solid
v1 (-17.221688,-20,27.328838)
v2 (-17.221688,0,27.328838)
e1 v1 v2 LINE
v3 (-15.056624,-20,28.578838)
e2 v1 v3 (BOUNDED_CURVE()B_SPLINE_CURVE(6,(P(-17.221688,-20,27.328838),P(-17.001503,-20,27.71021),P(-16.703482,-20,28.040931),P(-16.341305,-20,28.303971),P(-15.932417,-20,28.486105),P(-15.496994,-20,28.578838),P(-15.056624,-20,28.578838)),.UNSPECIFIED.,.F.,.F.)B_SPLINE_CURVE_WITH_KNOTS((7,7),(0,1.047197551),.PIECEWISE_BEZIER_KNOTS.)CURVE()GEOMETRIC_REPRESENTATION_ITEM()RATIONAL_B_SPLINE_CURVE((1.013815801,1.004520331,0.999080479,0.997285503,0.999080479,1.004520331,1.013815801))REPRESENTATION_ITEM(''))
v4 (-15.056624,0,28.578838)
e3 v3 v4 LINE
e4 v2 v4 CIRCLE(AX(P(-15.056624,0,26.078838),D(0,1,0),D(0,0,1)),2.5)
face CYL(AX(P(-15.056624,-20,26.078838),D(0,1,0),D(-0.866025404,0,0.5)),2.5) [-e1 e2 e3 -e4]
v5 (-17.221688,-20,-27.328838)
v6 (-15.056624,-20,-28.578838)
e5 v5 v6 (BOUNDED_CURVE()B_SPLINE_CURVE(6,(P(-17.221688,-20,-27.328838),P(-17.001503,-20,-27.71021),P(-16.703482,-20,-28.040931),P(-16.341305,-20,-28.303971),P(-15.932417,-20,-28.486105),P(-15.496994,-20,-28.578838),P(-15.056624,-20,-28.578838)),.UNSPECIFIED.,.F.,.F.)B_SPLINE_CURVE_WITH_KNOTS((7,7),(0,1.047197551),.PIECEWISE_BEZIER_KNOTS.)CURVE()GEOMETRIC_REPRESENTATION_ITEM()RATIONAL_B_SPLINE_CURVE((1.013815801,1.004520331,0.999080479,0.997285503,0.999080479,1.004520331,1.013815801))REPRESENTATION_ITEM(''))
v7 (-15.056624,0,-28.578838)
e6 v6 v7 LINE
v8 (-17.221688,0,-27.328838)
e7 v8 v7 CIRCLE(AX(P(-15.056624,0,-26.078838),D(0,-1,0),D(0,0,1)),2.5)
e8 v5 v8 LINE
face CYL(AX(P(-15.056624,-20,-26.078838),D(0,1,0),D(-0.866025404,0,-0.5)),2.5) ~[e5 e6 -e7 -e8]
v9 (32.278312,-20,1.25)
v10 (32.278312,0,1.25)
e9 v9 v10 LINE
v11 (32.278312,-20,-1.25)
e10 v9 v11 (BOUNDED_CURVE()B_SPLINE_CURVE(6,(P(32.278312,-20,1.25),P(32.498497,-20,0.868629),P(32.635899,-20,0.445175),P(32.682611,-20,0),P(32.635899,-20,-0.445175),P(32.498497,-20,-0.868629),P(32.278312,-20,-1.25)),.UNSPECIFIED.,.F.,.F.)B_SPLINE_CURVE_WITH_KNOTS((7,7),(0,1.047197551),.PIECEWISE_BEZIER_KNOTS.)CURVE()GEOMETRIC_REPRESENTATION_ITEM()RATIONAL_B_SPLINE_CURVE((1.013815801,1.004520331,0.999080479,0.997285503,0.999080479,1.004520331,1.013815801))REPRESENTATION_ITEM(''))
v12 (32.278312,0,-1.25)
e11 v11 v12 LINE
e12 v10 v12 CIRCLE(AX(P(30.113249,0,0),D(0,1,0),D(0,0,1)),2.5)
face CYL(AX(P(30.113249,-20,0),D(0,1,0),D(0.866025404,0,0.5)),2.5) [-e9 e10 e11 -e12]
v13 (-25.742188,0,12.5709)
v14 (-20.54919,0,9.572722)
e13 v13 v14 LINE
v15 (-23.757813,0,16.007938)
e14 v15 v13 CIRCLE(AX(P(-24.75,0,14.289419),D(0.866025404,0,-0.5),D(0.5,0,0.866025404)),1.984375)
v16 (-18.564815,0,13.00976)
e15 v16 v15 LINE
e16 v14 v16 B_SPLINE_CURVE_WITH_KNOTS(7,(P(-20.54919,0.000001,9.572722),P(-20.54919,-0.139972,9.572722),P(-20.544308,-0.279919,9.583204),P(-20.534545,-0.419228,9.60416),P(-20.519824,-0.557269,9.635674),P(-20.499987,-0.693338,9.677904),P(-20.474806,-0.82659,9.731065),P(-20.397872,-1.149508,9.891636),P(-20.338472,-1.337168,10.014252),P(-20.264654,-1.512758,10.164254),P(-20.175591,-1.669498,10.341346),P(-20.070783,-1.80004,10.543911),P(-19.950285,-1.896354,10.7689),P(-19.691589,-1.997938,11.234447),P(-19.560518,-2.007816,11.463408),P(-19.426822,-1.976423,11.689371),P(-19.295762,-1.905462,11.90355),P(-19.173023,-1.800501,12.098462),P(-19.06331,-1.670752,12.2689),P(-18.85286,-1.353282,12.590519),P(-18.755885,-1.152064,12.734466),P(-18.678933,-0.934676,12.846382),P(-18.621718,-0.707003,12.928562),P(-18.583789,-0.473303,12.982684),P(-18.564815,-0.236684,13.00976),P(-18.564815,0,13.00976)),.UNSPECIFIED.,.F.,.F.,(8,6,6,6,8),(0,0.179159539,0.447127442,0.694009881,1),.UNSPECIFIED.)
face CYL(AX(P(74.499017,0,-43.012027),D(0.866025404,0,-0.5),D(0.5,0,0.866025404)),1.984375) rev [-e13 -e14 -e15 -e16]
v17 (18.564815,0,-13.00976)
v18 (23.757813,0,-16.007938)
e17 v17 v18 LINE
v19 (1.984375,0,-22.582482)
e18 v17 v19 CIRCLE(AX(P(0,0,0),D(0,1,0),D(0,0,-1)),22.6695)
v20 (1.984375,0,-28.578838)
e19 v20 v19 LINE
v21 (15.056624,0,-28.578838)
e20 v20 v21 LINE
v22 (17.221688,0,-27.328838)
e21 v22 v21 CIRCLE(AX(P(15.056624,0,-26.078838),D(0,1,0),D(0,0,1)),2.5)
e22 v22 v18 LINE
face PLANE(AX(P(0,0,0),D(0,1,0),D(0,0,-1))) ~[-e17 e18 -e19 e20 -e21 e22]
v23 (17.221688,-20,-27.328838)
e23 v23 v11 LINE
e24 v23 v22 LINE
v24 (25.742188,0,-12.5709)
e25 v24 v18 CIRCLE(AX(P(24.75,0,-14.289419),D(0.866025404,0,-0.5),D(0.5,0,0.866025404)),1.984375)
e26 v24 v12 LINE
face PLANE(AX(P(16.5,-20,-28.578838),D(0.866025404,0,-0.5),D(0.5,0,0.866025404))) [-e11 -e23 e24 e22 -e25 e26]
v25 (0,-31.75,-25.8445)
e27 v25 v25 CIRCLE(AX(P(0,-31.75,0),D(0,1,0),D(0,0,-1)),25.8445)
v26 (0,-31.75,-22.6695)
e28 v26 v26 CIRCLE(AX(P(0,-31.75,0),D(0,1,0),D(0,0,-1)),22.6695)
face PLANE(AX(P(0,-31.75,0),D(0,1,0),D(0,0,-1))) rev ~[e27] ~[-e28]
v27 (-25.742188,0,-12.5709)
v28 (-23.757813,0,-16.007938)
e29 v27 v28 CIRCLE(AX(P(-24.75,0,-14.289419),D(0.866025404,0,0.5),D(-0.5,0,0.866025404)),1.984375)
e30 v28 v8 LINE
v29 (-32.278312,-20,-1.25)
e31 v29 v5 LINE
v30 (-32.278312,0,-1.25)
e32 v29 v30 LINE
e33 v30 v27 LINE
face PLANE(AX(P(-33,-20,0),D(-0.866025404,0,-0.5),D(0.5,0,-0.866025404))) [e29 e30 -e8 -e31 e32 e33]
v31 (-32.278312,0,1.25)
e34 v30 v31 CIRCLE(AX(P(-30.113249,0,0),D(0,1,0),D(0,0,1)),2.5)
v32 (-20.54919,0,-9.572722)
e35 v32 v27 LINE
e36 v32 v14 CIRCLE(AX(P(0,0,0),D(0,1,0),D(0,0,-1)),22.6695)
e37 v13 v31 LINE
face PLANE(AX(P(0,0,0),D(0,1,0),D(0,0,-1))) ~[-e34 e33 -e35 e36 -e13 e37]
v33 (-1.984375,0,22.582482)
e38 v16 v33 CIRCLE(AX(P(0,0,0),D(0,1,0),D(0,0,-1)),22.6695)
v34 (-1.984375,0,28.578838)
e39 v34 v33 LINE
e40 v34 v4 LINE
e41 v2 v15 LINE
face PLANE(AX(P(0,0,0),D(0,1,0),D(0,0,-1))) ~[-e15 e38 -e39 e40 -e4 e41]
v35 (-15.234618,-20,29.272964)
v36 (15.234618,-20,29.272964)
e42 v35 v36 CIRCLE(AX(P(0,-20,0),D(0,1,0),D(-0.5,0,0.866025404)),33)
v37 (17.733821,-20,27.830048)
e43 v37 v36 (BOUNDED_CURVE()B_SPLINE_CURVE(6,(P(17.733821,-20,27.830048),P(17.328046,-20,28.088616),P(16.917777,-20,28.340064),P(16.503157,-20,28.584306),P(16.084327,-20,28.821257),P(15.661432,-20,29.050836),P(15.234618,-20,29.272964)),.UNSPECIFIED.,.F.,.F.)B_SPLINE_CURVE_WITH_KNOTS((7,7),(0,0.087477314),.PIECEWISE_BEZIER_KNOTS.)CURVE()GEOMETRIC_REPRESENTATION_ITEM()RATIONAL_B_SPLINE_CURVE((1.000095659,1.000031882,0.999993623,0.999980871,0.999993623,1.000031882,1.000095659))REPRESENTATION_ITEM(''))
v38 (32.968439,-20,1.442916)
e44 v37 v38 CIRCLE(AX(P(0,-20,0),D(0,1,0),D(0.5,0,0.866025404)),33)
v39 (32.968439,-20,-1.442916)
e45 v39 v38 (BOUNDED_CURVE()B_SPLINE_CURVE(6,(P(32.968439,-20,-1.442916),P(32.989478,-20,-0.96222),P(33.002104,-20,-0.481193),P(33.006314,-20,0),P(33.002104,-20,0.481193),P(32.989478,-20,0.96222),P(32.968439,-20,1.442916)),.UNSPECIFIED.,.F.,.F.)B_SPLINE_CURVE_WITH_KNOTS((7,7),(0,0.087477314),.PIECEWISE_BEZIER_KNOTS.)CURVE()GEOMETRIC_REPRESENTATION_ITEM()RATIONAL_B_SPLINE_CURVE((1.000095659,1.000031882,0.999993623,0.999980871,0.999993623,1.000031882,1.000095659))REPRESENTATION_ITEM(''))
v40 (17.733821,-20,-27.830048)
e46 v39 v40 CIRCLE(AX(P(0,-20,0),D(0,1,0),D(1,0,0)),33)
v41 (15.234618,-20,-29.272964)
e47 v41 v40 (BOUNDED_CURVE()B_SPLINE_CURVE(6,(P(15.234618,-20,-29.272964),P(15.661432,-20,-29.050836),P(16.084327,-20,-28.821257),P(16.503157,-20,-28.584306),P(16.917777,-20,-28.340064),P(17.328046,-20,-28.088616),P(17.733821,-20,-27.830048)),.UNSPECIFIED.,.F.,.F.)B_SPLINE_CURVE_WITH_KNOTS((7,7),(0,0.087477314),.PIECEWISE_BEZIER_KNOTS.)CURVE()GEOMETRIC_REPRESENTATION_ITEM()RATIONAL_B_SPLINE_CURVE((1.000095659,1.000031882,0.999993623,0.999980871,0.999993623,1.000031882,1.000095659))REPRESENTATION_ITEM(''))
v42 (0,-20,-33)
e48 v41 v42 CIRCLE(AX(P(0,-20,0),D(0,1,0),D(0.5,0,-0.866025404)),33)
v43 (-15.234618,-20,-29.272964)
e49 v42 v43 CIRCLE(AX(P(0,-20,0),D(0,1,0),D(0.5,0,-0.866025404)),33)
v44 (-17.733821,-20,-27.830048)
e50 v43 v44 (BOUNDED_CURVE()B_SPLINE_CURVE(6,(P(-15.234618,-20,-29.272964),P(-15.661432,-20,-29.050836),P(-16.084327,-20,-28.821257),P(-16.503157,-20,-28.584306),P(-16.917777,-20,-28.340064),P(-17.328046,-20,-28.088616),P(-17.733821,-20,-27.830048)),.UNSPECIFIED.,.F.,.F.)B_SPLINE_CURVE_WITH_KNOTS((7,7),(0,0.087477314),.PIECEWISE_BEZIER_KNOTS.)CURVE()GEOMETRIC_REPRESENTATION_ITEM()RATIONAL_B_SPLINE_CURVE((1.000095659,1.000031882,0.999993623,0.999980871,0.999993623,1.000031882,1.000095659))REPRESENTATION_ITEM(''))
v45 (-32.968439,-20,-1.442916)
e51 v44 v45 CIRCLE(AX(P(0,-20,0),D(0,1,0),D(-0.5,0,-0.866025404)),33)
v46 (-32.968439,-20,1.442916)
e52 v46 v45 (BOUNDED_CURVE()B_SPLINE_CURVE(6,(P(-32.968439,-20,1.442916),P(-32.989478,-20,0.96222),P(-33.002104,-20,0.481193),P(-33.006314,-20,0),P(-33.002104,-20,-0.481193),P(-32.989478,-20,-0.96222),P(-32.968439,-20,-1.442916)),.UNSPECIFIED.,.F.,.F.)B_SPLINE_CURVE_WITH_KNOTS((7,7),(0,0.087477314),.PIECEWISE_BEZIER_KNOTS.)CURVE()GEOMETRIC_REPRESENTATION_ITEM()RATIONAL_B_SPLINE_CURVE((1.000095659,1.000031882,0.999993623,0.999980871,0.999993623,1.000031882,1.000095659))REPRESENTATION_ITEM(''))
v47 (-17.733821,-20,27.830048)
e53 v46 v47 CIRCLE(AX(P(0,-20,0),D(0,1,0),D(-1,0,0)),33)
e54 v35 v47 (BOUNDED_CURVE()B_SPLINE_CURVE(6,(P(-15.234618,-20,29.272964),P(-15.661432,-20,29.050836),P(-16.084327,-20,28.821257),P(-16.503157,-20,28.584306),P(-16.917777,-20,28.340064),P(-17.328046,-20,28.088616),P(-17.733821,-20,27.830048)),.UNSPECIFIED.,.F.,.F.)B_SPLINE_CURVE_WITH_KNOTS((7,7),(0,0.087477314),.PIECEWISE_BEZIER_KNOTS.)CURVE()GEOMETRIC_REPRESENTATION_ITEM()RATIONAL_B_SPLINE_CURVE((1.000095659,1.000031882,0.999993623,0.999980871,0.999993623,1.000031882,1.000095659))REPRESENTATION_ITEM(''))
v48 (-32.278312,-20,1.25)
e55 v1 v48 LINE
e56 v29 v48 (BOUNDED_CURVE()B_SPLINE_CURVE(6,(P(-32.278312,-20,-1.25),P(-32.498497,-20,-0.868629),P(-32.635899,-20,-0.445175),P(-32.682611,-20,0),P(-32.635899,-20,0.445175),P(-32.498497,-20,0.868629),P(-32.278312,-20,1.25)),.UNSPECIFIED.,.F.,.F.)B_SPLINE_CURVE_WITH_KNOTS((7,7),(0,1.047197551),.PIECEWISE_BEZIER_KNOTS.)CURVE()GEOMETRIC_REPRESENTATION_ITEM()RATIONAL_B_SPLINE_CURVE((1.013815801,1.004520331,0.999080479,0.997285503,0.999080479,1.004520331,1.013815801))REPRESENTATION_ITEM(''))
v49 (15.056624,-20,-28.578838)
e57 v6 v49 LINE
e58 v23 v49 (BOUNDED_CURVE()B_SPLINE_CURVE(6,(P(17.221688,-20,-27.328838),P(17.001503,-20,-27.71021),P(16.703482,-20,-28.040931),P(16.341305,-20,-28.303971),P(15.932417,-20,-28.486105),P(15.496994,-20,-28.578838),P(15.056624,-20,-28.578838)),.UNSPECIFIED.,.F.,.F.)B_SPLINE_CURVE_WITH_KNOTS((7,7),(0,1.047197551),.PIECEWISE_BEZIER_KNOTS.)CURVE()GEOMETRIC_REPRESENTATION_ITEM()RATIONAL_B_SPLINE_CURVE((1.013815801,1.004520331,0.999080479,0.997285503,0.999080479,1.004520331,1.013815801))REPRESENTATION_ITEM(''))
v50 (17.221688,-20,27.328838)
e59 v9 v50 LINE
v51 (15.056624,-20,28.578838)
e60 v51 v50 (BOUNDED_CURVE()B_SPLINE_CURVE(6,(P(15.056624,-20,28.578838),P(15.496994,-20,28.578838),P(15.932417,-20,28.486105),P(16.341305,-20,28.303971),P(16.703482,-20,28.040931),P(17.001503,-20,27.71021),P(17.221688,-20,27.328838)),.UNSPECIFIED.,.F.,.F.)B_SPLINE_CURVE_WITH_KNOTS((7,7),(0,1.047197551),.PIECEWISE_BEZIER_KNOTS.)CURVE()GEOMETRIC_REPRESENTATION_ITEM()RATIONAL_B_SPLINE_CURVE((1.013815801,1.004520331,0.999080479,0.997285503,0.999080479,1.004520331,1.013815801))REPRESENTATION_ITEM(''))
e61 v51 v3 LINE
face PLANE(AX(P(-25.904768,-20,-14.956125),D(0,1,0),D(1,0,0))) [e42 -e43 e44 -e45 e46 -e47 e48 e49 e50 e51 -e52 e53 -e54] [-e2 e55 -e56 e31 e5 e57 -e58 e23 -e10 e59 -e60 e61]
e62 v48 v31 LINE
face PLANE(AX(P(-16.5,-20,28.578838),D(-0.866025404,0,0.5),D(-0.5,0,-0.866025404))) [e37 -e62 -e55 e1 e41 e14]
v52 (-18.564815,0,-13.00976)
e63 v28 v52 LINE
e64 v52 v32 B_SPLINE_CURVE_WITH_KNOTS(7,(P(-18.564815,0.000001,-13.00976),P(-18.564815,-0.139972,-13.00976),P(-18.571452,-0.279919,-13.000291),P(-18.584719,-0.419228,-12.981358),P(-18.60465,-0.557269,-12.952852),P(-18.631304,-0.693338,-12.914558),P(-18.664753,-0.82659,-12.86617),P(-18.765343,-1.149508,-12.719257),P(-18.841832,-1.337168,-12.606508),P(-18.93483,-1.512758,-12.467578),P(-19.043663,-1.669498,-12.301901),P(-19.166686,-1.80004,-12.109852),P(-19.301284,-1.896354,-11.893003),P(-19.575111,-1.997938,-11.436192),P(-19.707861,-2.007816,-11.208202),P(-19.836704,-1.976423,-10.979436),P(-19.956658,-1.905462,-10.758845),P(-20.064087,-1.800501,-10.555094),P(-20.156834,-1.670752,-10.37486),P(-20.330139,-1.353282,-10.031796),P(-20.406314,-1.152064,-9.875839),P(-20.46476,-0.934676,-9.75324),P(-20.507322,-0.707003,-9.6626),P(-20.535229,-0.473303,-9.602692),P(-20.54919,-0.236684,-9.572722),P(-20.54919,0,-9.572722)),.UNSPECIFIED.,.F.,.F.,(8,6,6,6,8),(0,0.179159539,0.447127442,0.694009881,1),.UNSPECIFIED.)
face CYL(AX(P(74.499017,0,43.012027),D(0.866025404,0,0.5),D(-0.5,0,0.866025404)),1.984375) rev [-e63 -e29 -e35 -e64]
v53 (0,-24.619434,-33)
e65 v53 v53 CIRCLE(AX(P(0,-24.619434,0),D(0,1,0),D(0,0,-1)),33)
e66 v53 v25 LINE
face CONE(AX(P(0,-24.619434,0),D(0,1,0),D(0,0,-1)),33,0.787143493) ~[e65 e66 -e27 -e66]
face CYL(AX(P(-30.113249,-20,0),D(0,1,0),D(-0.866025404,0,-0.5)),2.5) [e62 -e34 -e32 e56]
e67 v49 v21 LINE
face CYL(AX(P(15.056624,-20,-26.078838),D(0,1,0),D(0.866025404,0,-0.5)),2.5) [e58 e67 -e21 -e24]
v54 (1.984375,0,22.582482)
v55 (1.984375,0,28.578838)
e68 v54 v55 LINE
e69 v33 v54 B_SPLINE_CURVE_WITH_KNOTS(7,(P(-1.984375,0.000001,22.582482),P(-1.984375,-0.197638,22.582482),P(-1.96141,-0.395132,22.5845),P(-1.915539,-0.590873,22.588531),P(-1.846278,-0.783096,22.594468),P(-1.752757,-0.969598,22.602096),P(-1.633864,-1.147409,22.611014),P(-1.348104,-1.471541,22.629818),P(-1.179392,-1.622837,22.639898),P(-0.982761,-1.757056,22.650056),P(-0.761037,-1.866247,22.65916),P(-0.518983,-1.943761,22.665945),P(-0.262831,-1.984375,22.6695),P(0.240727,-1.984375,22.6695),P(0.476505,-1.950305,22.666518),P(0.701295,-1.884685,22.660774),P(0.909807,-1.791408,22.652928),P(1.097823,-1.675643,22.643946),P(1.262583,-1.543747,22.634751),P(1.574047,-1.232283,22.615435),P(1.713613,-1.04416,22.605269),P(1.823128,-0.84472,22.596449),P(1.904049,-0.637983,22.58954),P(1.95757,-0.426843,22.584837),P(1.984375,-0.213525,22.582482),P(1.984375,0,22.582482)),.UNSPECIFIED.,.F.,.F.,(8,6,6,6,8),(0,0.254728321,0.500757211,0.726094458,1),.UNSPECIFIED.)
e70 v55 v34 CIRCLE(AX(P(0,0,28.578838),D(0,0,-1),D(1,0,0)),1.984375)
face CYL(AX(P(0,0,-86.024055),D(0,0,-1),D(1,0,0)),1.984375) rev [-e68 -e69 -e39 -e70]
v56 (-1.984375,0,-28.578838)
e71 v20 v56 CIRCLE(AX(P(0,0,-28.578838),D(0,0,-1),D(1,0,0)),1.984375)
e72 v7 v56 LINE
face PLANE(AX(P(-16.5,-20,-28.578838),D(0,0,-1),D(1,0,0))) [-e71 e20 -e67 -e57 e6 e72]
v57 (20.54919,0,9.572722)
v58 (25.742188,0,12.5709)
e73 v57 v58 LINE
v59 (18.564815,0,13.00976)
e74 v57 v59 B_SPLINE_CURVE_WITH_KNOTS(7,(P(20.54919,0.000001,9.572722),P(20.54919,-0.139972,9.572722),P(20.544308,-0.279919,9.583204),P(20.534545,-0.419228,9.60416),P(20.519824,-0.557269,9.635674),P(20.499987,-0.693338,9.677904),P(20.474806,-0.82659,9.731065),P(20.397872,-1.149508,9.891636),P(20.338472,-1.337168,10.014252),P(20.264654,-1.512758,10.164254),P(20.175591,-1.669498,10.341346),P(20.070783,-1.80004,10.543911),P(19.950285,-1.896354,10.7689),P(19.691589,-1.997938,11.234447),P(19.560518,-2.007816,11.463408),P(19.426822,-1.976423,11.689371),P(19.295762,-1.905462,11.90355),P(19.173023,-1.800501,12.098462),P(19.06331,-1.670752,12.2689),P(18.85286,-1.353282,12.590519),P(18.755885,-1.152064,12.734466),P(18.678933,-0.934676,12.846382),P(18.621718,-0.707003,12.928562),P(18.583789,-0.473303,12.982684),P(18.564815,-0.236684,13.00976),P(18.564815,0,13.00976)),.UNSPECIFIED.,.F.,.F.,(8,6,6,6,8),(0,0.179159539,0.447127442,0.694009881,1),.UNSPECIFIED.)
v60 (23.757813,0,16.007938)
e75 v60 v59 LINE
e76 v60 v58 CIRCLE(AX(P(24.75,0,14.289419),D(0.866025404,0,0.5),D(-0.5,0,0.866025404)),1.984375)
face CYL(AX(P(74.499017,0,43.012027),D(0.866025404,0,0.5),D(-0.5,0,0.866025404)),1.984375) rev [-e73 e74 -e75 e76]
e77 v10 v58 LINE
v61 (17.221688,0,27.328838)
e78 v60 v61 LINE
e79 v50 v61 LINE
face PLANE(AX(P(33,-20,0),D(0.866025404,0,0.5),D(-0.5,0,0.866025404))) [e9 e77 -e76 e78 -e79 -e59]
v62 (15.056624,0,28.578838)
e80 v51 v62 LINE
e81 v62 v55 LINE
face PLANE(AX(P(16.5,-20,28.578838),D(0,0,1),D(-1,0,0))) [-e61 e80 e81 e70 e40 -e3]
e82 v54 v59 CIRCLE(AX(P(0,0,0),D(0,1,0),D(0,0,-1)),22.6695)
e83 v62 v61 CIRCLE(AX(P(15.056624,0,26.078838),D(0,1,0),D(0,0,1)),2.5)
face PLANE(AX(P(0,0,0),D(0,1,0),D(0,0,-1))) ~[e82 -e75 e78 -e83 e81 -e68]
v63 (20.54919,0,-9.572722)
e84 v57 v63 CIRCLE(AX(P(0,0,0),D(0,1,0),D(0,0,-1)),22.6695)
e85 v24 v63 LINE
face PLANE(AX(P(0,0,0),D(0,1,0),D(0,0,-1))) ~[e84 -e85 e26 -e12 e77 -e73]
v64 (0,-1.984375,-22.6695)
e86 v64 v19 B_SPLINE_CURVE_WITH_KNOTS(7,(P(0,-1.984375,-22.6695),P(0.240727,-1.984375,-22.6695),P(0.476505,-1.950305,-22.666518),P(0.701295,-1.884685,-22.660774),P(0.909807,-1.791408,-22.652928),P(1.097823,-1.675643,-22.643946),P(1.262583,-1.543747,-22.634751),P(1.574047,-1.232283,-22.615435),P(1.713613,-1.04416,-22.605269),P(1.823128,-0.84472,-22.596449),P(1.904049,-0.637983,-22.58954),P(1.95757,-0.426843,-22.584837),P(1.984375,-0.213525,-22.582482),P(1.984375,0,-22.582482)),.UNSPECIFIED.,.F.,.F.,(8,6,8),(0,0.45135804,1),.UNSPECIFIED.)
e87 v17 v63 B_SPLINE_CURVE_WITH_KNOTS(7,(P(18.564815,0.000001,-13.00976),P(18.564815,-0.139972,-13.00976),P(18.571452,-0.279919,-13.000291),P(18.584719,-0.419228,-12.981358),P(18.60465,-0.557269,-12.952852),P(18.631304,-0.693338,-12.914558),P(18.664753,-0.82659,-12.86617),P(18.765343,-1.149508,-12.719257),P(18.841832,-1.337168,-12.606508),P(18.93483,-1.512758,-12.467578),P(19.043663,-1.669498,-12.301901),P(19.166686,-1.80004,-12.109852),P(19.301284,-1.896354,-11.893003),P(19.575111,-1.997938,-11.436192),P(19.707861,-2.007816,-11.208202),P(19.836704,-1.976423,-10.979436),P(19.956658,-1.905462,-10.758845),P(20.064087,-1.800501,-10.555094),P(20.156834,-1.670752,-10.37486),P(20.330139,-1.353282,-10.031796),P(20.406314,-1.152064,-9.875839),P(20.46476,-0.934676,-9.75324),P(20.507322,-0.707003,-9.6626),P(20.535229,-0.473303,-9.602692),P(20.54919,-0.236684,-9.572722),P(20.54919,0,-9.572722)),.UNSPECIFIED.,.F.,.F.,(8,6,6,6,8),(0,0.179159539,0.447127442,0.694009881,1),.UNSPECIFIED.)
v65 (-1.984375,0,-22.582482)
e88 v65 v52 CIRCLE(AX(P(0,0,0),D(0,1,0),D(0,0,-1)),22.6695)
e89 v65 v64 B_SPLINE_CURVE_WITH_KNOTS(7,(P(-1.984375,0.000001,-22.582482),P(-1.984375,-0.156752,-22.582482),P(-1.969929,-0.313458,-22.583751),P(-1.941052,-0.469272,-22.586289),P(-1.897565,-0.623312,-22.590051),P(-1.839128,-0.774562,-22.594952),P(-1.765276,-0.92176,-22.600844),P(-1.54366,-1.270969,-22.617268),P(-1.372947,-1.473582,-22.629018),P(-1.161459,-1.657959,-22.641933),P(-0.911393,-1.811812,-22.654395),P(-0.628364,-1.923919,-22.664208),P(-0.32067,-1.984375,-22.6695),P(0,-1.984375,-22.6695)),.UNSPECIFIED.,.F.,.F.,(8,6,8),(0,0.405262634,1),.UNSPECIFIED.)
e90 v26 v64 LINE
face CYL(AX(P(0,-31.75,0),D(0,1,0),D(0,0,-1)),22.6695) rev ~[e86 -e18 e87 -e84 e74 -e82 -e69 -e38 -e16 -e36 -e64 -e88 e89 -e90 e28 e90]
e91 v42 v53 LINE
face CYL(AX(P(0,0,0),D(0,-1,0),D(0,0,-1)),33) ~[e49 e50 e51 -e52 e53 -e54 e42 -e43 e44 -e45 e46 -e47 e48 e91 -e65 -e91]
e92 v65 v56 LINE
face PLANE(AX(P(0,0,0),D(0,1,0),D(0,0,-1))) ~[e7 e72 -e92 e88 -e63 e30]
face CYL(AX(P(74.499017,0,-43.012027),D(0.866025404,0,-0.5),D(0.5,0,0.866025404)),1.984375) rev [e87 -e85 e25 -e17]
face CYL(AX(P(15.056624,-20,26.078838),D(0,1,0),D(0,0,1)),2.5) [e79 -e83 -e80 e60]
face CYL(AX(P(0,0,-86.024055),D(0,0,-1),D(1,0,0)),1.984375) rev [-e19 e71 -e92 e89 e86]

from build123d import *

# Parameters (mm, degrees)
CUT_EXTRUDE5_START = -20
CUT_EXTRUDE5_DEPTH = 20
FILLET4_R          = 2.5
CUT_EXTRUDE6_START = -86.02405492
SKETCH7_R          = 1.984375
CUT_EXTRUDE6_DEPTH = 143.469271841
CIRPATTERN2_COUNT  = 6


with BuildPart() as part:
    # Sketch1 → Revolve1 (revolve)
    with BuildSketch(Plane(origin=(0, 0, 0), x_dir=(0, 0, -1), z_dir=(1, 0, 0)), mode=Mode.PRIVATE) as revolve1_sk:
        Polygon((-22.6695, -31.75), (-22.6695, 0), (-33, 0), (-33, -24.619433914), (-25.8445, -31.75), align=None)
    revolve(revolve1_sk.sketch.rotate(Axis((0, 0, 0), (0, 1, 0)), 180), axis=Axis((0, 0, 0), (0, 1, 0)))

    # Sketch4 → Cut-Extrude5 (cut)
    with BuildSketch(Plane(origin=(0, 0, 0), x_dir=(1, 0, 0), z_dir=(0, 1, 0)).offset(CUT_EXTRUDE5_START)):
        with BuildLine():
            ThreePointArc((33, 0), (28.578838325, 16.5), (16.5, 28.578838325))
            Line((16.5, 28.578838325), (33, 0))
        make_face()
        with BuildLine():
            Line((-16.5, 28.578838325), (16.5, 28.578838325))
            ThreePointArc((16.5, 28.578838325), (0, 33), (-16.5, 28.578838325))
        make_face()
        with BuildLine():
            Line((-33, 0), (-16.5, 28.578838325))
            ThreePointArc((-16.5, 28.578838325), (-28.578838325, 16.5), (-33, 0))
        make_face()
        with BuildLine():
            ThreePointArc((16.5, -28.578838325), (28.578838325, -16.5), (33, 0))
            Line((33, 0), (16.5, -28.578838325))
        make_face()
        with BuildLine():
            Line((-16.5, -28.578838325), (-33, 0))
            ThreePointArc((-33, 0), (-28.578838325, -16.5), (-16.5, -28.578838325))
        make_face()
        with BuildLine():
            ThreePointArc((-16.5, -28.578838325), (0, -33), (16.5, -28.578838325))
            Line((16.5, -28.578838325), (-16.5, -28.578838325))
        make_face()
    extrude(amount=CUT_EXTRUDE5_DEPTH, mode=Mode.SUBTRACT)

    # Fillet4
    fillet4_edges = [part.edges().sort_by_distance(p)[0] for p in [
        (33, -10, 0),
        (16.5, -10, -28.578838325),
        (-33, -10, 0),
        (16.5, -10, 28.578838325),
        (-16.5, -10, -28.578838325),
        (-16.5, -10, 28.578838325),
    ]]
    fillet(fillet4_edges, radius=FILLET4_R)

    # Sketch7 → Cut-Extrude6 (cut)
    with BuildSketch(Plane.XY.offset(CUT_EXTRUDE6_START)):
        Circle(SKETCH7_R)
    cut_extrude6 = extrude(amount=CUT_EXTRUDE6_DEPTH, mode=Mode.SUBTRACT)

    # CirPattern2: Cut-Extrude6 ×6 about axis
    cirpattern2_axis = Axis((0, 0, 0), (0, -1, 0))
    for i in range(1, CIRPATTERN2_COUNT):
        add(cut_extrude6.rotate(cirpattern2_axis, i * 360 / CIRPATTERN2_COUNT), mode=Mode.SUBTRACT)


solid = part.part
